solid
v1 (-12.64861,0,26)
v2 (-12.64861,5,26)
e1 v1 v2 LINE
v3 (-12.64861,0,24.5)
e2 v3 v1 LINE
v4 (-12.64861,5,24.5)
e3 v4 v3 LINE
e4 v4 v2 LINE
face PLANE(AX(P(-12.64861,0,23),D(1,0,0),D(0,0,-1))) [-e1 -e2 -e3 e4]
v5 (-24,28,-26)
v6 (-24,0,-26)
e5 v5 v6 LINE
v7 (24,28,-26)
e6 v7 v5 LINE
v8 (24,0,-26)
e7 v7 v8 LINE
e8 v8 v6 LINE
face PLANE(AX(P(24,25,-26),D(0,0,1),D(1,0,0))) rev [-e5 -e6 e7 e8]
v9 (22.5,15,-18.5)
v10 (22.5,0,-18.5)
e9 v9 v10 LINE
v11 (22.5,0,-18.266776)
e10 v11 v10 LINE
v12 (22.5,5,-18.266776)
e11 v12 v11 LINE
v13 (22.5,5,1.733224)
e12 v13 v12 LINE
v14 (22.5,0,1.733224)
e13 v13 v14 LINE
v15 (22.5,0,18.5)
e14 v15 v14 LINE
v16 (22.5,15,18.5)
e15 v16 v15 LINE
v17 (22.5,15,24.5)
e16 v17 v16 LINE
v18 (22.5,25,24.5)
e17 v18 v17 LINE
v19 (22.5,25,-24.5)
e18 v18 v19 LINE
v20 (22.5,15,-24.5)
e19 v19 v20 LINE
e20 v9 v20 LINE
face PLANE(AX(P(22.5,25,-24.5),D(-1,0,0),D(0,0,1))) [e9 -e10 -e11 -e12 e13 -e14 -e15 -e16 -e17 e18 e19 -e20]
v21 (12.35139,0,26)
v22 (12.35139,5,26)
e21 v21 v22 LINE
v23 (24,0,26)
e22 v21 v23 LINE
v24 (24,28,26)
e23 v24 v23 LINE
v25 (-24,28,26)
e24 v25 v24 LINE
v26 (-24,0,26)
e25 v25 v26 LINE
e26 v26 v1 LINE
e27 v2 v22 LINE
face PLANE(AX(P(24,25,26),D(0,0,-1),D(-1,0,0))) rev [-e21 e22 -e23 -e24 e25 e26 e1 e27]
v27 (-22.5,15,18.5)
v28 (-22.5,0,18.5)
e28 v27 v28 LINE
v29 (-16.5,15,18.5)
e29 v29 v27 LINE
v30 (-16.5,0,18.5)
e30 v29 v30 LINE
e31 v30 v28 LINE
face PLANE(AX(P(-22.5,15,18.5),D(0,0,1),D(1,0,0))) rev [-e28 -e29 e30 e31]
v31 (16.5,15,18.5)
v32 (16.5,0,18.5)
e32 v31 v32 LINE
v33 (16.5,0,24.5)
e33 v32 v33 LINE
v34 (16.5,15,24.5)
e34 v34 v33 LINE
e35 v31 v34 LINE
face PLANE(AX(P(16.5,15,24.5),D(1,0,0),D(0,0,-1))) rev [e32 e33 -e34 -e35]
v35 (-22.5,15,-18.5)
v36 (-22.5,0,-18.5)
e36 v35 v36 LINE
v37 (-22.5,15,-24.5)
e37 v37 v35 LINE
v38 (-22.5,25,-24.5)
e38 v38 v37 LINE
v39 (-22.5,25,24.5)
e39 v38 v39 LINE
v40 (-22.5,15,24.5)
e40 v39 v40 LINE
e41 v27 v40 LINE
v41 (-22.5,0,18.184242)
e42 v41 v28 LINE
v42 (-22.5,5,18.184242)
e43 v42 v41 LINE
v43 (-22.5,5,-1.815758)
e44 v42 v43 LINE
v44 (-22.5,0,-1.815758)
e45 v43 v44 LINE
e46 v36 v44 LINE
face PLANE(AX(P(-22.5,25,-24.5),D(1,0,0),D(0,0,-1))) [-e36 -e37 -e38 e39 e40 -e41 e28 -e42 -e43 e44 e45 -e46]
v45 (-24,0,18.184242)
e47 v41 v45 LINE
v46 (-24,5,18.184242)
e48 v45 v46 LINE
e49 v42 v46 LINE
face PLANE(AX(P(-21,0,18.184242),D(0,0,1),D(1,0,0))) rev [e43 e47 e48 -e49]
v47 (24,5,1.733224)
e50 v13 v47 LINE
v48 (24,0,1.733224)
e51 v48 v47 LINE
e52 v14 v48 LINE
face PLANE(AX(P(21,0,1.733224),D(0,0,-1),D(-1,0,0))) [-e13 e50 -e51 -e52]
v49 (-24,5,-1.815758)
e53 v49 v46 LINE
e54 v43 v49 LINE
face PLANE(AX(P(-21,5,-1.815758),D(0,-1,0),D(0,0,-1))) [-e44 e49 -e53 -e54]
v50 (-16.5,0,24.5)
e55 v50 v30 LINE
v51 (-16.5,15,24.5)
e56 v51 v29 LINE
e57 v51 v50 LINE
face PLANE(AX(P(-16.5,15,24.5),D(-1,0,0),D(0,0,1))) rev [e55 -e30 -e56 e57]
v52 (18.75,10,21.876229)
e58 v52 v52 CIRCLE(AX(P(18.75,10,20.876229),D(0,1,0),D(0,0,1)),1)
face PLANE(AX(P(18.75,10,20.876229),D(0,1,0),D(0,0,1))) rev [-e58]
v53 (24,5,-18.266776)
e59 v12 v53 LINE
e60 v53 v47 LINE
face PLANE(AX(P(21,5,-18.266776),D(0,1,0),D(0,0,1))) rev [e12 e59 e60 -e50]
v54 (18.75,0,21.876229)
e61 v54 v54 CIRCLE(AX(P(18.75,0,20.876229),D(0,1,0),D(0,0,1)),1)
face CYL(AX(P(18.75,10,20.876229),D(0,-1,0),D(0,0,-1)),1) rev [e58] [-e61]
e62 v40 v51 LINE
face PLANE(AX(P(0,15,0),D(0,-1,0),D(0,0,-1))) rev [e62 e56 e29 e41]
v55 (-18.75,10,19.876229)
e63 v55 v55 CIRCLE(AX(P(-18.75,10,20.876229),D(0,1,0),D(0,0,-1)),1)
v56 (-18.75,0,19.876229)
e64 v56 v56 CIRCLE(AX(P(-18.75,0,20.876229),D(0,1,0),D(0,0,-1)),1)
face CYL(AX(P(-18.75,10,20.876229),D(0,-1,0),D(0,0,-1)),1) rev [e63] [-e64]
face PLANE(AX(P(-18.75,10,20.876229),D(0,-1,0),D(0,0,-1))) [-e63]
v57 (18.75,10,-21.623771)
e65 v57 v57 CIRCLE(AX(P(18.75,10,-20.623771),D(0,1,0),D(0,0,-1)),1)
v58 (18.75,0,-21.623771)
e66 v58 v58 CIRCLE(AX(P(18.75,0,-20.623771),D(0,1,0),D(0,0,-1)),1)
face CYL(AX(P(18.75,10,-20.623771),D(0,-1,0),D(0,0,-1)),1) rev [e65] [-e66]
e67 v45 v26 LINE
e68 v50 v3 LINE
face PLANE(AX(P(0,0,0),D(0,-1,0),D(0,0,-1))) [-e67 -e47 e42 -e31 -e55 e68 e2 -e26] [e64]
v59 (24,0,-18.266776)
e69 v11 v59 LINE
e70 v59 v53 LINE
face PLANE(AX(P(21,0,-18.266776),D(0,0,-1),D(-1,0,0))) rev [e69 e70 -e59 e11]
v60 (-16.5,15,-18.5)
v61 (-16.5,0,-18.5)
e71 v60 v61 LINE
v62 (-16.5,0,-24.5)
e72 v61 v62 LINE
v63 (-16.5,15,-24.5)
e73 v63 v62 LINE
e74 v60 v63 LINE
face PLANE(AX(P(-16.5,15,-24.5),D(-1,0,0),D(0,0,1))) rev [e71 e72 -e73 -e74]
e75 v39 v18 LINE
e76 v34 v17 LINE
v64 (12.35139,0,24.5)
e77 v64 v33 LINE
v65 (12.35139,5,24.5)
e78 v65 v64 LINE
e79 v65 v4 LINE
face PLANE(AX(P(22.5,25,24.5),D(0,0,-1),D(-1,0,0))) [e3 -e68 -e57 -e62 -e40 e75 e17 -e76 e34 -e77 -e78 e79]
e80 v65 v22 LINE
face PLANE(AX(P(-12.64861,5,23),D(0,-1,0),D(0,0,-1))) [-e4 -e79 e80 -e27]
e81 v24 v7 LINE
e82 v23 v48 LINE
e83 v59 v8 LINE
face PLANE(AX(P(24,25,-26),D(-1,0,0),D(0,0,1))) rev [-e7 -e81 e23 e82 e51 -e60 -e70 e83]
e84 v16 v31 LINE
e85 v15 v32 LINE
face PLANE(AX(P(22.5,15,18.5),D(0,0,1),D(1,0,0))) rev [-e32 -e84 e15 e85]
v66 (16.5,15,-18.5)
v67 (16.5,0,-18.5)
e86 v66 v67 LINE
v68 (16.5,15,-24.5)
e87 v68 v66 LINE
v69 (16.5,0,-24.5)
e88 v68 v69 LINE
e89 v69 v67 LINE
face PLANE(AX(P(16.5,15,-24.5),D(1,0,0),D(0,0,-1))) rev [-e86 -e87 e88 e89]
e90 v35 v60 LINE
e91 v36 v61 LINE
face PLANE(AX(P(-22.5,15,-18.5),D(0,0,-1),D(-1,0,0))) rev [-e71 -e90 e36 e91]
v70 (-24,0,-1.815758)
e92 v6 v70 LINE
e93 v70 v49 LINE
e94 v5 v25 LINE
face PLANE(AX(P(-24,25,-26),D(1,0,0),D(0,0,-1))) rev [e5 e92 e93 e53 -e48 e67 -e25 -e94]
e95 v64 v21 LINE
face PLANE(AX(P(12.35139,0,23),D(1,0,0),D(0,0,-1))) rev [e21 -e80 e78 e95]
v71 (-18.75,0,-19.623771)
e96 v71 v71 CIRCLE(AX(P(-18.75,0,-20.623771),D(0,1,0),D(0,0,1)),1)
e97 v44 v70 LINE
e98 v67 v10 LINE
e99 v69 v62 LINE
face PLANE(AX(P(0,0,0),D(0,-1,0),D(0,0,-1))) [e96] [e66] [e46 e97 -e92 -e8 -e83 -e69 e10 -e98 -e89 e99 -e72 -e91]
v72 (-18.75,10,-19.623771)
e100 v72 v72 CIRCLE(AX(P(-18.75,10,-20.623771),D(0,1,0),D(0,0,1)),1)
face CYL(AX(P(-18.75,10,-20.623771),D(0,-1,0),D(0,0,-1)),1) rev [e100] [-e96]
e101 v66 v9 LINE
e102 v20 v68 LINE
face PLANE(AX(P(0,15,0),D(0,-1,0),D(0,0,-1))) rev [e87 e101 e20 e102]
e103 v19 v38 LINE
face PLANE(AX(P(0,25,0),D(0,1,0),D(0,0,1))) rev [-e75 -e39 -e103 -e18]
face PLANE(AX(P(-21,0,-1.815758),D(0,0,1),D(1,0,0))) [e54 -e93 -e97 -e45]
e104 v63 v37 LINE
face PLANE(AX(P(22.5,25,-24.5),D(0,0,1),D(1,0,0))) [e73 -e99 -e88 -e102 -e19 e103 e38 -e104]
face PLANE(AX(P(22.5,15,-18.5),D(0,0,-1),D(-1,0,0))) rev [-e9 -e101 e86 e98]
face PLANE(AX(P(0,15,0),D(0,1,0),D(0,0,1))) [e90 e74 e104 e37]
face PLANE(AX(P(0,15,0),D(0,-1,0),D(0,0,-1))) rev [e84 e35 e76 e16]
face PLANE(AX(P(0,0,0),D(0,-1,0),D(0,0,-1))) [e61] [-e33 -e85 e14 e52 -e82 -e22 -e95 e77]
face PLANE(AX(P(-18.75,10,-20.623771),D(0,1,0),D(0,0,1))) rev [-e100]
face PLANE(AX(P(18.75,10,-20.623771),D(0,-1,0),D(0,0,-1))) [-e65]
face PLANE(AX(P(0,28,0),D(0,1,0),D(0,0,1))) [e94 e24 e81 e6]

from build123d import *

# Parameters (mm, degrees)
SKETCH1_W           = 48
SKETCH1_H           = 52
SKETCH1_W_2         = 45
SKETCH1_H_2         = 49
BOSS_EXTRUDE1_DEPTH = 25
SKETCH2_W           = 6
SKETCH2_H           = 6
BOSS_EXTRUDE2_DEPTH = 15
SKETCH3_R           = 1
CUT_EXTRUDE1_DEPTH  = 10
SKETCH4_W           = 48
SKETCH4_H           = 52
BOSS_EXTRUDE3_DEPTH = 3
SKETCH5_W           = 25
SKETCH5_H           = 5
CUT_EXTRUDE2_DEPTH  = 3
SKETCH6_W           = 20
SKETCH6_H           = 5
CUT_EXTRUDE3_DEPTH  = 3
SKETCH7_W           = 20
SKETCH7_H           = 5
CUT_EXTRUDE4_DEPTH  = 3


with BuildPart() as part:
    # Sketch1 → Boss-Extrude1 (new body)
    with BuildSketch(Plane(origin=(0, 0, 0), x_dir=(1, 0, 0), z_dir=(0, 1, 0))):
        Rectangle(SKETCH1_W, SKETCH1_H)
        Rectangle(SKETCH1_W_2, SKETCH1_H_2, mode=Mode.SUBTRACT)
    extrude(amount=BOSS_EXTRUDE1_DEPTH)

    # Sketch2 → Boss-Extrude2 (add)
    with BuildSketch(Plane(origin=(0, 0, 0), x_dir=(1, 0, 0), z_dir=(0, 1, 0))):
        with Locations((-19.5, 21.5)):
            Rectangle(SKETCH2_W, SKETCH2_H)
        with Locations((19.5, 21.5)):
            Rectangle(SKETCH2_W, SKETCH2_H)
        with Locations((19.5, -21.5)):
            Rectangle(SKETCH2_W, SKETCH2_H)
        with Locations((-19.5, -21.5)):
            Rectangle(SKETCH2_W, SKETCH2_H)
    extrude(amount=BOSS_EXTRUDE2_DEPTH)

    # Sketch3 → Cut-Extrude1 (cut)
    with BuildSketch(Plane(origin=(0, 0, 0), x_dir=(1, 0, 0), z_dir=(0, 1, 0))):
        with Locations(Location((-18.75, 20.623770818, 0), (0, 0, 270))):
            Circle(SKETCH3_R)
        with Locations(Location((18.75, 20.623770818, 0), (0, 0, 90))):
            Circle(SKETCH3_R)
        with Locations(Location((18.75, -20.876229182, 0), (0, 0, 270))):
            Circle(SKETCH3_R)
        with Locations(Location((-18.75, -20.876229182, 0), (0, 0, 90))):
            Circle(SKETCH3_R)
    extrude(amount=CUT_EXTRUDE1_DEPTH, mode=Mode.SUBTRACT)

    # Sketch4 → Boss-Extrude3 (add)
    with BuildSketch(Plane(origin=(0, 25, 0), x_dir=(1, 0, 0), z_dir=(0, 1, 0))):
        Rectangle(SKETCH4_W, SKETCH4_H)
    extrude(amount=BOSS_EXTRUDE3_DEPTH)

    # Sketch5 → Cut-Extrude2 (cut)
    with BuildSketch(Plane.XY.offset(26)):
        with Locations((-0.148610248, 2.5)):
            Rectangle(SKETCH5_W, SKETCH5_H)
    extrude(amount=-CUT_EXTRUDE2_DEPTH, mode=Mode.SUBTRACT)

    # Sketch6 → Cut-Extrude3 (cut)
    with BuildSketch(Plane(origin=(24, 0, 0), x_dir=(0, 0, -1), z_dir=(1, 0, 0))):
        with Locations((8.266776226, 2.5)):
            Rectangle(SKETCH6_W, SKETCH6_H)
    extrude(amount=-CUT_EXTRUDE3_DEPTH, mode=Mode.SUBTRACT)

    # Sketch7 → Cut-Extrude4 (cut)
    with BuildSketch(Plane.ZY.offset(24)):
        with Locations((8.18424176, 2.5)):
            Rectangle(SKETCH7_W, SKETCH7_H)
    extrude(amount=-CUT_EXTRUDE4_DEPTH, mode=Mode.SUBTRACT)


solid = part.part
